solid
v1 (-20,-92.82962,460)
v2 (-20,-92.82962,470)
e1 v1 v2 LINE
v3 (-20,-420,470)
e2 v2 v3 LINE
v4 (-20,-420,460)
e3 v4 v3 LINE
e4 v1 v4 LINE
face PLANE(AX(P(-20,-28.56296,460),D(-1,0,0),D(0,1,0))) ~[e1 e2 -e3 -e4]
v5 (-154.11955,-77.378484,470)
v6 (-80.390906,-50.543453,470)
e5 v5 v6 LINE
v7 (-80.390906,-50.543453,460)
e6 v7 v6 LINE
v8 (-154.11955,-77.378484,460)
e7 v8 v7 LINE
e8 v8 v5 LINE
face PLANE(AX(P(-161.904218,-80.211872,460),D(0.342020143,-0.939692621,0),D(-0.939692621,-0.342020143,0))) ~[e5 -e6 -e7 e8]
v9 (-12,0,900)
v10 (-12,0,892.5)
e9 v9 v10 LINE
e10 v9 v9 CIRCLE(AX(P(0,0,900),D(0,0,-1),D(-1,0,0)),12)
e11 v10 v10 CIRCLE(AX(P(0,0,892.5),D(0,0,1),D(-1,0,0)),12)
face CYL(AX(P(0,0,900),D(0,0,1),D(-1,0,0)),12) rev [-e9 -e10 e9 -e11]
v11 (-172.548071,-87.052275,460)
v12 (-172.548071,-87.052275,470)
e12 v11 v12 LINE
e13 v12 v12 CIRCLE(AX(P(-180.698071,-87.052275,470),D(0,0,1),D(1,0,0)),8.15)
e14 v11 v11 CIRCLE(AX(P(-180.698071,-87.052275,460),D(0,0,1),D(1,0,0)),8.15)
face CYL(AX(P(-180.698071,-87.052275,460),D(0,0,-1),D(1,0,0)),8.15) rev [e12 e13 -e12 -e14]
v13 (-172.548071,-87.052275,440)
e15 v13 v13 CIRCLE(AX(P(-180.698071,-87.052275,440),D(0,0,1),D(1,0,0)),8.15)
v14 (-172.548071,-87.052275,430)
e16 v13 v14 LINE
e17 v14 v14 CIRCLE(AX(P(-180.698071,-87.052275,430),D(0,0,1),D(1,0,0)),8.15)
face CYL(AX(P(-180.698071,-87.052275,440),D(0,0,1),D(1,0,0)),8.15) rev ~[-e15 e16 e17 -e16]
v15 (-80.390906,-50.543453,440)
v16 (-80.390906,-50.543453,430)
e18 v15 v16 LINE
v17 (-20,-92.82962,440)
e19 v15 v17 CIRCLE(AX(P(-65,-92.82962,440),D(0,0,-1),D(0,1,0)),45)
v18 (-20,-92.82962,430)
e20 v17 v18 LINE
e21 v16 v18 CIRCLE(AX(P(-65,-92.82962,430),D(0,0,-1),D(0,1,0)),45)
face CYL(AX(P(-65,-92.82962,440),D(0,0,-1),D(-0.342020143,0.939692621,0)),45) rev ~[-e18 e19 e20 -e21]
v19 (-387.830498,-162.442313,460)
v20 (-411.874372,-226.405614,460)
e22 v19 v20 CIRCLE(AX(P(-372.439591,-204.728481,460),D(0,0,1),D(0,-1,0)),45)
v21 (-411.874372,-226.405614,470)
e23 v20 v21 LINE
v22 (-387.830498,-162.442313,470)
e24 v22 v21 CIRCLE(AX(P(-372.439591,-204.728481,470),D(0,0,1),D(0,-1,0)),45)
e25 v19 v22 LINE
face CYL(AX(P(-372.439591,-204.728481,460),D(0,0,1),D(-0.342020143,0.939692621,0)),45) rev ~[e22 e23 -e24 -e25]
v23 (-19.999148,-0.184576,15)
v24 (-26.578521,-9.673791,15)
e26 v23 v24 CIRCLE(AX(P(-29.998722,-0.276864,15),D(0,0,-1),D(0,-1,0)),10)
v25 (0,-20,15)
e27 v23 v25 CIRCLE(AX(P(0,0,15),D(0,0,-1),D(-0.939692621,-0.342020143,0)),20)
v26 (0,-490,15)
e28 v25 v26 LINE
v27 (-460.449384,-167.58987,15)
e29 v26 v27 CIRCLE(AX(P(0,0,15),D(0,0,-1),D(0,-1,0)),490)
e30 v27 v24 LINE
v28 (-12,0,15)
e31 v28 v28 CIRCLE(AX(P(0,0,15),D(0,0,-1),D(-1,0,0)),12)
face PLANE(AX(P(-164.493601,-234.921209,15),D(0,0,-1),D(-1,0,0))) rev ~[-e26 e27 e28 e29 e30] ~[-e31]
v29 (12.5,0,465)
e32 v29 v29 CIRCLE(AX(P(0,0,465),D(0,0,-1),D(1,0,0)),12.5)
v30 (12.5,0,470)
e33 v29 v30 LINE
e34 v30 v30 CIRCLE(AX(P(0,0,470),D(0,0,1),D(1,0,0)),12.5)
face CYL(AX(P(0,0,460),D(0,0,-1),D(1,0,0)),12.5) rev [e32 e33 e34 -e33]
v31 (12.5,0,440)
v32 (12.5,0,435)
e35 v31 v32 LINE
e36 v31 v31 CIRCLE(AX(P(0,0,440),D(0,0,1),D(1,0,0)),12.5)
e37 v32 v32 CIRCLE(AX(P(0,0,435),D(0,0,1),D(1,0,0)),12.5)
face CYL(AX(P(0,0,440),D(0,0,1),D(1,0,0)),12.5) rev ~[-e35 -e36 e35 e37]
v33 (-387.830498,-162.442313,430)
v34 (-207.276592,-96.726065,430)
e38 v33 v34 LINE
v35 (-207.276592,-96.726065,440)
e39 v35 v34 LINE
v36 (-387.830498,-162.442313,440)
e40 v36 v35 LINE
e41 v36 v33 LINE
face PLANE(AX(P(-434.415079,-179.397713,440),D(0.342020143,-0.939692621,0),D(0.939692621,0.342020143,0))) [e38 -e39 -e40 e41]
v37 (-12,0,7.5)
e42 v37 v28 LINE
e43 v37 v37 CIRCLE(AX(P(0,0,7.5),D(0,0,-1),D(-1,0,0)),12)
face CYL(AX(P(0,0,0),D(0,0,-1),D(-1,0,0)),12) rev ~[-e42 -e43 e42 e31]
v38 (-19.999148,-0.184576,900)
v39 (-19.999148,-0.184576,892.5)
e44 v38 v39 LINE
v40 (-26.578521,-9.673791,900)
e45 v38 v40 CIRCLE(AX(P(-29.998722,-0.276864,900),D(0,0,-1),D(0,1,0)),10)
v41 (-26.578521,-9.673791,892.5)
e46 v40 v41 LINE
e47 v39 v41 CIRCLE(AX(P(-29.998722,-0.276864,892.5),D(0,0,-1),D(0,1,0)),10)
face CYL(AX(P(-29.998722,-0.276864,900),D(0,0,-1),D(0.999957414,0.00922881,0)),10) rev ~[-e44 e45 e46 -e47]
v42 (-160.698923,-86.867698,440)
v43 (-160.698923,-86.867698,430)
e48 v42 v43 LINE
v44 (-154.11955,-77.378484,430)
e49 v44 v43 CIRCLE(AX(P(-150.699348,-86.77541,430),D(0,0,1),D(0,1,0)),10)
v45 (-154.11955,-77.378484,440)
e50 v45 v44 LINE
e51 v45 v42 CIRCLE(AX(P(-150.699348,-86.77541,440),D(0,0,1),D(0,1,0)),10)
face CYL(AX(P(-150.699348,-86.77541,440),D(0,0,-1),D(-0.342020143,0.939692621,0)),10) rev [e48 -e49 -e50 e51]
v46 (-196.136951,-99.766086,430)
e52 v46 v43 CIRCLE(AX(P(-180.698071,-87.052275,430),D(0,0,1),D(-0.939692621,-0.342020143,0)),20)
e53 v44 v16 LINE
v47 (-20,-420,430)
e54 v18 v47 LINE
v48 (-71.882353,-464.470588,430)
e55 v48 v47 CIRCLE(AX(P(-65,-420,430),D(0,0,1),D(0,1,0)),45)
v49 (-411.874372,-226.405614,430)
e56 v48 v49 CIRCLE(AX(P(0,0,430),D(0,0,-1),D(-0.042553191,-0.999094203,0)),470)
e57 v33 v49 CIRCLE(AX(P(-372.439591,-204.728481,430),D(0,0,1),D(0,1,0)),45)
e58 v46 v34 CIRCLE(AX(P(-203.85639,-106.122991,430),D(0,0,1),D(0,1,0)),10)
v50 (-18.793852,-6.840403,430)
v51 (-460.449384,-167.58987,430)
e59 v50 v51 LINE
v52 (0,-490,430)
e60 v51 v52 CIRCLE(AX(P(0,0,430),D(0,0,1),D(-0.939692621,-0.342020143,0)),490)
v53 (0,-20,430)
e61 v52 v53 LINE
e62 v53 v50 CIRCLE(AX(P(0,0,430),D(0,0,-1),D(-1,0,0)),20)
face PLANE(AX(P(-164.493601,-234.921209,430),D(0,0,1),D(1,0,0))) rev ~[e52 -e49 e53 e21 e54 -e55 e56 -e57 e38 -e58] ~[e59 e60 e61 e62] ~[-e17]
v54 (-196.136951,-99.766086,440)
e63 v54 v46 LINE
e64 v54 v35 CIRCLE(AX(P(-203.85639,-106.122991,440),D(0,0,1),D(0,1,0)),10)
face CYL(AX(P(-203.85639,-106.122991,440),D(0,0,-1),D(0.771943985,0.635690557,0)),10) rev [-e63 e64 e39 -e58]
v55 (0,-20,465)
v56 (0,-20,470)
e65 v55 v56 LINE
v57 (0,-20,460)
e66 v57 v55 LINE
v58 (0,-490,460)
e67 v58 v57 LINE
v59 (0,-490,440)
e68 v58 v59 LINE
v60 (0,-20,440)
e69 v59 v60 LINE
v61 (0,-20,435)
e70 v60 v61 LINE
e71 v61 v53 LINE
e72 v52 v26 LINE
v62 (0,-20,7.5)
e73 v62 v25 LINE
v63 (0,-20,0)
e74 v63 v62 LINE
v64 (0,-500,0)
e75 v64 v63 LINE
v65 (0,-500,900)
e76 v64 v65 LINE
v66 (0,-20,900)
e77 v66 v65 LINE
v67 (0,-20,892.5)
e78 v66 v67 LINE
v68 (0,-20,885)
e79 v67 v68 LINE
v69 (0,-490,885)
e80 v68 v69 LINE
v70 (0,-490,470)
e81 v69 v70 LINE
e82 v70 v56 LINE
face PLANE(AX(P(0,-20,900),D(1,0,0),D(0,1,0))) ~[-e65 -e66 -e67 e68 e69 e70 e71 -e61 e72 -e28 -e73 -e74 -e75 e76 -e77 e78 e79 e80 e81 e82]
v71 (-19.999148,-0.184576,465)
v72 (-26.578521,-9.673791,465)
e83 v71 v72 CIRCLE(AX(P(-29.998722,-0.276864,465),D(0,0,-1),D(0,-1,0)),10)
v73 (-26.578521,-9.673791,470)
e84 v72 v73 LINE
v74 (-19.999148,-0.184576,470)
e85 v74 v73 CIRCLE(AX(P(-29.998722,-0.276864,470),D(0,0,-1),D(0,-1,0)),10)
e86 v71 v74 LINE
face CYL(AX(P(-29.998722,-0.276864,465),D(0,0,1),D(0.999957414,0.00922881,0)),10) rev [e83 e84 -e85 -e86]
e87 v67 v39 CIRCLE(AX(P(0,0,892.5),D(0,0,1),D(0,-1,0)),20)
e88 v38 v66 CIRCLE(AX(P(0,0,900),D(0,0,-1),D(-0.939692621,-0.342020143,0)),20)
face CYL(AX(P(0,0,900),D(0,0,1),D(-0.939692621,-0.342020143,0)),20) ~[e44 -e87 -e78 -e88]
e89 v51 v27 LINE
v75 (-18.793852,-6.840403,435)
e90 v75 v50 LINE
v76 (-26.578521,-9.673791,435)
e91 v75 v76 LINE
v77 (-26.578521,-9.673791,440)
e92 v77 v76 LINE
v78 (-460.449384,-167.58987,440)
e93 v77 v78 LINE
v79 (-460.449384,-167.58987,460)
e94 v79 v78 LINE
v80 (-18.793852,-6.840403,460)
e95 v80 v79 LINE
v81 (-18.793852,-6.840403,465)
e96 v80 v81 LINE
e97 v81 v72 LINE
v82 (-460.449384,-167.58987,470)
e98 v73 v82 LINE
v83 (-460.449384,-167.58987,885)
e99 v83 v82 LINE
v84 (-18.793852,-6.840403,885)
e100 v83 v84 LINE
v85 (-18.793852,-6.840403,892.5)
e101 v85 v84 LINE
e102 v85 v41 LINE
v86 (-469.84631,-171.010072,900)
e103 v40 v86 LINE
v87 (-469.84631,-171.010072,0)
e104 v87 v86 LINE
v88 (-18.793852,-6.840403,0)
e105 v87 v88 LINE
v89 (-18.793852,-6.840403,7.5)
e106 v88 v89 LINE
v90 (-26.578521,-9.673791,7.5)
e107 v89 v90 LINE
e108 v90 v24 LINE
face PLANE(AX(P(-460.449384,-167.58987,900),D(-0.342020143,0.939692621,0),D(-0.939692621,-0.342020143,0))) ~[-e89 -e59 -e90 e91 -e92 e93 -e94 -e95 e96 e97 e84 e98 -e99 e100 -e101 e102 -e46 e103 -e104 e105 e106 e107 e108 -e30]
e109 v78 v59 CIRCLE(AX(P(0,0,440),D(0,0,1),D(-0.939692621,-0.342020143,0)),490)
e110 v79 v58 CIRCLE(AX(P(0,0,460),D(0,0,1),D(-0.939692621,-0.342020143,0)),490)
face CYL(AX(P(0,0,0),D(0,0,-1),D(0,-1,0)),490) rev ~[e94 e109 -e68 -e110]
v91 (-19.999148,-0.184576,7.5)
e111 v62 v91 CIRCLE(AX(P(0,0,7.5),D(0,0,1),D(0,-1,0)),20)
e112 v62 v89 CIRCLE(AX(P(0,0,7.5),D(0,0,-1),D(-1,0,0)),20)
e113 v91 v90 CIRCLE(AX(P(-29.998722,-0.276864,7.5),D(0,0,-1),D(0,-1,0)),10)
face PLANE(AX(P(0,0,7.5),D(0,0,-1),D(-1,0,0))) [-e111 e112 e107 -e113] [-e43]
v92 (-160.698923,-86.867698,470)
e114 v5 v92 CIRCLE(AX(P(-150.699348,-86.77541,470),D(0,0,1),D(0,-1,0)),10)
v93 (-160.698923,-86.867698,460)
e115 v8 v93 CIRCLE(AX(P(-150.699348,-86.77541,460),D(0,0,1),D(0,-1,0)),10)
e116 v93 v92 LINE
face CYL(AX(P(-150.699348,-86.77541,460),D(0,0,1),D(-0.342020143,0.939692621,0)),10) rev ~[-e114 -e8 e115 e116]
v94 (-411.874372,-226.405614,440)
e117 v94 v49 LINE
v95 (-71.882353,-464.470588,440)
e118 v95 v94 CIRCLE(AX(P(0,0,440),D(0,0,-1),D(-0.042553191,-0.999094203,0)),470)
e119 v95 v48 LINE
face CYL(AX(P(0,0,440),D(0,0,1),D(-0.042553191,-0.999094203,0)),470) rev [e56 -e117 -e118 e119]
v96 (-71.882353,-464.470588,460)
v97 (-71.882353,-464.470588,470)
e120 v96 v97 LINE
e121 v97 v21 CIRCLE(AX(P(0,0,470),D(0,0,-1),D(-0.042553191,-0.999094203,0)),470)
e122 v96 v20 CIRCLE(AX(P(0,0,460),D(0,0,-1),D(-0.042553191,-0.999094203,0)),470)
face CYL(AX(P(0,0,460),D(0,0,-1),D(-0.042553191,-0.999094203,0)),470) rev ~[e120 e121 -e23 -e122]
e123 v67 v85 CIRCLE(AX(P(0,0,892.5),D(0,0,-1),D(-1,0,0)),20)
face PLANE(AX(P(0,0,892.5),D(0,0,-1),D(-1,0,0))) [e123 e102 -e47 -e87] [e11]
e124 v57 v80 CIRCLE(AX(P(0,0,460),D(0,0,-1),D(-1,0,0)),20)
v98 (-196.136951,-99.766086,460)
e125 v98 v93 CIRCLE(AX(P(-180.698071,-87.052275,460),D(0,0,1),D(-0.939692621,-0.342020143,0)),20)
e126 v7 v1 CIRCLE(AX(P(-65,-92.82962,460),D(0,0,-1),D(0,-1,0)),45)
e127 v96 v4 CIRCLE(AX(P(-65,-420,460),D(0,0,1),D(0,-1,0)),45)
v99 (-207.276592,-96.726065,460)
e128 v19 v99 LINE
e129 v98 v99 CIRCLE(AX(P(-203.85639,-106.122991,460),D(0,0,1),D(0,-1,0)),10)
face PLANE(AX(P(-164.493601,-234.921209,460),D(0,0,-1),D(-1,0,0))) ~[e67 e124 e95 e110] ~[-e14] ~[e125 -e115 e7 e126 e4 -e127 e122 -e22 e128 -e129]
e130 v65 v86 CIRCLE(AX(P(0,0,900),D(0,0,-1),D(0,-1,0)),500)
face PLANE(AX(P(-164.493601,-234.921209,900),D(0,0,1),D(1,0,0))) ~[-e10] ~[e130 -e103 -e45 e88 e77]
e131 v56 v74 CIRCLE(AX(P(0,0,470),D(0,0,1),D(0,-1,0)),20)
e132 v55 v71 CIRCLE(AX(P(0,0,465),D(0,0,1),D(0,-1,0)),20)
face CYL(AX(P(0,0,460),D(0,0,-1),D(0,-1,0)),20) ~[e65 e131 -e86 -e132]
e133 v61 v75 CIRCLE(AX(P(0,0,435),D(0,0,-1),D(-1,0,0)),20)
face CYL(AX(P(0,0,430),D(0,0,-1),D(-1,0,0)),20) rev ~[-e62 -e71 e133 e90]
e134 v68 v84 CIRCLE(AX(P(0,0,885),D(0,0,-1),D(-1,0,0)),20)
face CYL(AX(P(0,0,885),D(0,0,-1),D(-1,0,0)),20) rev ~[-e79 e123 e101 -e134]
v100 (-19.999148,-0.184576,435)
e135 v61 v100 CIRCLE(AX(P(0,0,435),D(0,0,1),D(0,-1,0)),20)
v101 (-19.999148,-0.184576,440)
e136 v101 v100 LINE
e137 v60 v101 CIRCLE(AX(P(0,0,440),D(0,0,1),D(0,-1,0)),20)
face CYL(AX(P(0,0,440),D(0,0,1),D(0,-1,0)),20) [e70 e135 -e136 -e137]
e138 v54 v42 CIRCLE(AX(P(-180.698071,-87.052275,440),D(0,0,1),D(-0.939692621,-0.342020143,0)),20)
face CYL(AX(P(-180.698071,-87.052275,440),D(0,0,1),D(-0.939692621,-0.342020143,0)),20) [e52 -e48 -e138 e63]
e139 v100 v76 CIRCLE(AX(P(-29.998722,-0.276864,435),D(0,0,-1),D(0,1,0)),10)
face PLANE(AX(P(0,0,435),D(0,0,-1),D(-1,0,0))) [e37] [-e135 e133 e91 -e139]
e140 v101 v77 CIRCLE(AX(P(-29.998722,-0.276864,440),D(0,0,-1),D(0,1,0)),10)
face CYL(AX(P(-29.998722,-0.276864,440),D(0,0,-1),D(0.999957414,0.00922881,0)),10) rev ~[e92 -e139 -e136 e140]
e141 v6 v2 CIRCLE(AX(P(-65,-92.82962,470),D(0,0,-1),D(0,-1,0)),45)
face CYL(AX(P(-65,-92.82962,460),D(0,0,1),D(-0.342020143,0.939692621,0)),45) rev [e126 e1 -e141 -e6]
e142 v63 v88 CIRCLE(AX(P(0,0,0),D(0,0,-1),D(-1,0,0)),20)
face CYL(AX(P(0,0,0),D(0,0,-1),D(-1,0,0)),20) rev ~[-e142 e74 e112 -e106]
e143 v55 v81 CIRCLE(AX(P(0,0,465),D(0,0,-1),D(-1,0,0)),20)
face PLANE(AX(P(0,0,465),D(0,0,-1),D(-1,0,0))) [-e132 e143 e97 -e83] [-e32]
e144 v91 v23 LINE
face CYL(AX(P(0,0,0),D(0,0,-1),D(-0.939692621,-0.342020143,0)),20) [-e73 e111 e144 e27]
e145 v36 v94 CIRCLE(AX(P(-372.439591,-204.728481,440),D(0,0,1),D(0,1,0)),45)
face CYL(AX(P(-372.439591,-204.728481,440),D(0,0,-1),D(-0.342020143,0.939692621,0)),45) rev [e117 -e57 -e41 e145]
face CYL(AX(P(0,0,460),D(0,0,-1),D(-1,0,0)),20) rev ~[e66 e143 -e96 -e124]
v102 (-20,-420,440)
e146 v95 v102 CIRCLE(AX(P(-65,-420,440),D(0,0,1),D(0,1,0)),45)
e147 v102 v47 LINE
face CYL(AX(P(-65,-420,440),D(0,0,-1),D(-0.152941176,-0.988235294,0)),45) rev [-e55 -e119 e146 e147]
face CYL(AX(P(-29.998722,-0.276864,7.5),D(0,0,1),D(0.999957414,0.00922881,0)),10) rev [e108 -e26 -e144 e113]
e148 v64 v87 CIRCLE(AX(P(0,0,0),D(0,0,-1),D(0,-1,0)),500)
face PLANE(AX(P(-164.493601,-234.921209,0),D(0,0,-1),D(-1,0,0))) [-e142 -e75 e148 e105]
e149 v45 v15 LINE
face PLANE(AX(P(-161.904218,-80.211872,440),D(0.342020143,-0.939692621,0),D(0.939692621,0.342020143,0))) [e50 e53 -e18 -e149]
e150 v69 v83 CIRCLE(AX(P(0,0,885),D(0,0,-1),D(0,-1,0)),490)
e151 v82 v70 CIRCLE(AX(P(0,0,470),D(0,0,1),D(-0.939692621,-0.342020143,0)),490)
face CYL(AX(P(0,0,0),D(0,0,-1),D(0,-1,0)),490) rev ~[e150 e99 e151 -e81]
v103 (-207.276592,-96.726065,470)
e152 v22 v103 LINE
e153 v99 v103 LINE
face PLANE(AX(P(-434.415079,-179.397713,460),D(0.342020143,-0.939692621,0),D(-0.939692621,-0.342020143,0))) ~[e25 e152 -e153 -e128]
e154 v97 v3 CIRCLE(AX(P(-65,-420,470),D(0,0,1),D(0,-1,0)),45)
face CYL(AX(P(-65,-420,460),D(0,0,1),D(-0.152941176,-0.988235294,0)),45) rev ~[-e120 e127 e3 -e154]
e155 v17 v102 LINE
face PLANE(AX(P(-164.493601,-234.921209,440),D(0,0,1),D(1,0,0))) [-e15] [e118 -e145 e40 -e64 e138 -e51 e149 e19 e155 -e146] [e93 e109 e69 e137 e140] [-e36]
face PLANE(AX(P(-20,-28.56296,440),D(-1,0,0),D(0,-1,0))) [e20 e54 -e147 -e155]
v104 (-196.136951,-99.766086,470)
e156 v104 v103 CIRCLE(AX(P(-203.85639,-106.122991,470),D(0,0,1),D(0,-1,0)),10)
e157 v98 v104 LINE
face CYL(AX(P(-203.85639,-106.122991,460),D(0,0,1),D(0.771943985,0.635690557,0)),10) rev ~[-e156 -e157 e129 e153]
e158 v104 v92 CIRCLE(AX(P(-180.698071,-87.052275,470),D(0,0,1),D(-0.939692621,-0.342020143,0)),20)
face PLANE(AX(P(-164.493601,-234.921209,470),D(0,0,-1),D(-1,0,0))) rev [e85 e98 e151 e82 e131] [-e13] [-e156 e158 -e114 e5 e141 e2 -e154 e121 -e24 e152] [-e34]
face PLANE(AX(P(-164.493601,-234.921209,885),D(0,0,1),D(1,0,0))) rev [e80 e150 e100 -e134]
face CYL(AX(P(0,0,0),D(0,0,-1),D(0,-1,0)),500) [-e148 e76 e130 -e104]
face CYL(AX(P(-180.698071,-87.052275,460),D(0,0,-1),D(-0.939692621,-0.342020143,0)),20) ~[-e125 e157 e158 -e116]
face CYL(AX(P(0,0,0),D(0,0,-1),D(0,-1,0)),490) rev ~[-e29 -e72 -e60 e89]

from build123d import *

# Parameters (mm, degrees)
DODANIE_WYCI_GNI_CIE1_DEPTH = 900
SKORUPA1_T                  = -10
SZKIC4_R                    = 12
DODANIE_WYCI_GNI_CIE3_DEPTH = 15
SZKIC6_R                    = 12.5
SZKIC6_R_2                  = 8.15
DODANIE_WYCI_GNI_CIE4_DEPTH = 10
ZAOKR_GLENIE3_R             = 45
SZKIC8_R                    = 20
WYTNIJ_WYCI_GNI_CIE1_DEPTH  = 7.5
SZKIC11_R                   = 20
WYTNIJ_WYCI_GNI_CIE2_DEPTH  = 5
SZKIC12_R                   = 20
WYTNIJ_WYCI_GNI_CIE3_DEPTH  = 5
SZKIC13_R                   = 20
WYTNIJ_WYCI_GNI_CIE4_DEPTH  = 7.5
ZAOKR_GLENIE4_R             = 10
ZAOKR_GLENIE5_R             = 10


with BuildPart() as part:
    # Szkic1 → Dodanie-wyciągnięcie1 (new body)
    with BuildSketch(Plane.XY):
        with BuildLine():
            Line((-469.846310393, -171.010071663), (0, 0))
            Line((0, 0), (0, -500))
            ThreePointArc((0, -500), (-286.788218176, -409.576022144), (-469.846310393, -171.010071663))
        make_face()
    extrude(amount=DODANIE_WYCI_GNI_CIE1_DEPTH)

    # Skorupa1
    skorupa1_openings = [part.faces().sort_by_distance(p)[0] for p in [
        (-179.521279962, -256.382958146, 900),
        (-179.521279962, -256.382958146, 0),
        (-234.923155196, -85.505035831, 450),
        (0, -250, 450),
    ]]
    offset(amount=SKORUPA1_T, openings=skorupa1_openings, kind=Kind.INTERSECTION)

    # Szkic4 → Dodanie-wyciągnięcie3 (add)
    with BuildSketch(Plane(origin=(0, 0, 0), x_dir=(-1, 0, 0), z_dir=(0, 0, -1))):
        with BuildLine():
            Line((0, -20), (0, -490))
            ThreePointArc((0, -490), (281.052453812, -401.384501702), (460.449384185, -167.58987023))
            Line((460.449384185, -167.58987023), (18.793852416, -6.840402867))
            ThreePointArc((18.793852416, -6.840402867), (-11.471528727, 16.383040886), (0, -20))
        make_face()
        Circle(SZKIC4_R, mode=Mode.SUBTRACT)
    dodanie_wyci_gni_cie3 = extrude(amount=-DODANIE_WYCI_GNI_CIE3_DEPTH)

    # Lustro1: Dodanie-wyciągnięcie3 across plane
    add(dodanie_wyci_gni_cie3.mirror(Plane.XY.offset(450)))

    # Szkic6 → Dodanie-wyciągnięcie4 (add)
    with BuildSketch(Plane.XY.offset(440)):
        with BuildLine():
            Line((-18.793852416, -6.840402867), (-460.449384185, -167.58987023))
            ThreePointArc((-460.449384185, -167.58987023), (-281.052453812, -401.384501702), (0, -490))
            Line((0, -490), (0, -20))
            ThreePointArc((0, -20), (11.471528727, 16.383040886), (-18.793852416, -6.840402867))
        make_face()
        Circle(SZKIC6_R, mode=Mode.SUBTRACT)
        with Locations((-180.698070908, -87.052274649)):
            Circle(SZKIC6_R_2, mode=Mode.SUBTRACT)
        with BuildLine():
            Line((-20, -28.562960135), (-20, -469.574275275))
            ThreePointArc((-20, -469.574275275), (-269.580925085, -385.001460816), (-434.41507852, -179.397713347))
            Line((-434.41507852, -179.397713347), (-199.491923324, -93.892677516))
            ThreePointArc((-199.491923324, -93.892677516), (-173.857668042, -105.846127065), (-161.904218492, -80.211871783))
            Line((-161.904218492, -80.211871783), (-20, -28.562960135))
        make_face(mode=Mode.SUBTRACT)
    dodanie_wyci_gni_cie4 = extrude(amount=-DODANIE_WYCI_GNI_CIE4_DEPTH)

    # Lustro6: Dodanie-wyciągnięcie4 across plane
    add(dodanie_wyci_gni_cie4.mirror(Plane.XY.offset(450)))

    # Zaokrąglenie3
    zaokr_glenie3_edges = [part.edges().sort_by_distance(p)[0] for p in [
        (-434.41507852, -179.397713347, 435),
        (-20, -28.562960135, 435),
        (-20, -469.574275275, 435),
        (-20, -469.574275275, 465),
        (-20, -28.562960135, 465),
        (-434.41507852, -179.397713347, 465),
    ]]
    fillet(zaokr_glenie3_edges, radius=ZAOKR_GLENIE3_R)

    # Szkic8 → Wytnij-wyciągnięcie1 (cut)
    with BuildSketch(Plane(origin=(0, 0, 0), x_dir=(-1, 0, 0), z_dir=(0, 0, -1))):
        Circle(SZKIC8_R)
    extrude(amount=-WYTNIJ_WYCI_GNI_CIE1_DEPTH, mode=Mode.SUBTRACT)

    # Szkic11 → Wytnij-wyciągnięcie2 (cut)
    with BuildSketch(Plane(origin=(0, 0, 430), x_dir=(-1, 0, 0), z_dir=(0, 0, -1))):
        Circle(SZKIC11_R)
    extrude(amount=-WYTNIJ_WYCI_GNI_CIE2_DEPTH, mode=Mode.SUBTRACT)

    # Szkic12 → Wytnij-wyciągnięcie3 (cut)
    with BuildSketch(Plane(origin=(0, 0, 460), x_dir=(-1, 0, 0), z_dir=(0, 0, -1))):
        Circle(SZKIC12_R)
    extrude(amount=-WYTNIJ_WYCI_GNI_CIE3_DEPTH, mode=Mode.SUBTRACT)

    # Szkic13 → Wytnij-wyciągnięcie4 (cut)
    with BuildSketch(Plane(origin=(0, 0, 885), x_dir=(-1, 0, 0), z_dir=(0, 0, -1))):
        Circle(SZKIC13_R)
    extrude(amount=-WYTNIJ_WYCI_GNI_CIE4_DEPTH, mode=Mode.SUBTRACT)

    # Zaokrąglenie4
    zaokr_glenie4_edges = [part.edges().sort_by_distance(p)[0] for p in [
        (-18.793852416, -6.840402867, 437.5),
        (-18.793852416, -6.840402867, 896.25),
        (-18.793852416, -6.840402867, 11.25),
        (-18.793852416, -6.840402867, 467.5),
    ]]
    fillet(zaokr_glenie4_edges, radius=ZAOKR_GLENIE4_R)

    # Zaokrąglenie5
    zaokr_glenie5_edges = [part.edges().sort_by_distance(p)[0] for p in [
        (-199.491923324, -93.892677516, 435),
        (-161.904218492, -80.211871783, 435),
        (-161.904218492, -80.211871783, 465),
        (-199.491923324, -93.892677516, 465),
    ]]
    fillet(zaokr_glenie5_edges, radius=ZAOKR_GLENIE5_R)


solid = part.part
